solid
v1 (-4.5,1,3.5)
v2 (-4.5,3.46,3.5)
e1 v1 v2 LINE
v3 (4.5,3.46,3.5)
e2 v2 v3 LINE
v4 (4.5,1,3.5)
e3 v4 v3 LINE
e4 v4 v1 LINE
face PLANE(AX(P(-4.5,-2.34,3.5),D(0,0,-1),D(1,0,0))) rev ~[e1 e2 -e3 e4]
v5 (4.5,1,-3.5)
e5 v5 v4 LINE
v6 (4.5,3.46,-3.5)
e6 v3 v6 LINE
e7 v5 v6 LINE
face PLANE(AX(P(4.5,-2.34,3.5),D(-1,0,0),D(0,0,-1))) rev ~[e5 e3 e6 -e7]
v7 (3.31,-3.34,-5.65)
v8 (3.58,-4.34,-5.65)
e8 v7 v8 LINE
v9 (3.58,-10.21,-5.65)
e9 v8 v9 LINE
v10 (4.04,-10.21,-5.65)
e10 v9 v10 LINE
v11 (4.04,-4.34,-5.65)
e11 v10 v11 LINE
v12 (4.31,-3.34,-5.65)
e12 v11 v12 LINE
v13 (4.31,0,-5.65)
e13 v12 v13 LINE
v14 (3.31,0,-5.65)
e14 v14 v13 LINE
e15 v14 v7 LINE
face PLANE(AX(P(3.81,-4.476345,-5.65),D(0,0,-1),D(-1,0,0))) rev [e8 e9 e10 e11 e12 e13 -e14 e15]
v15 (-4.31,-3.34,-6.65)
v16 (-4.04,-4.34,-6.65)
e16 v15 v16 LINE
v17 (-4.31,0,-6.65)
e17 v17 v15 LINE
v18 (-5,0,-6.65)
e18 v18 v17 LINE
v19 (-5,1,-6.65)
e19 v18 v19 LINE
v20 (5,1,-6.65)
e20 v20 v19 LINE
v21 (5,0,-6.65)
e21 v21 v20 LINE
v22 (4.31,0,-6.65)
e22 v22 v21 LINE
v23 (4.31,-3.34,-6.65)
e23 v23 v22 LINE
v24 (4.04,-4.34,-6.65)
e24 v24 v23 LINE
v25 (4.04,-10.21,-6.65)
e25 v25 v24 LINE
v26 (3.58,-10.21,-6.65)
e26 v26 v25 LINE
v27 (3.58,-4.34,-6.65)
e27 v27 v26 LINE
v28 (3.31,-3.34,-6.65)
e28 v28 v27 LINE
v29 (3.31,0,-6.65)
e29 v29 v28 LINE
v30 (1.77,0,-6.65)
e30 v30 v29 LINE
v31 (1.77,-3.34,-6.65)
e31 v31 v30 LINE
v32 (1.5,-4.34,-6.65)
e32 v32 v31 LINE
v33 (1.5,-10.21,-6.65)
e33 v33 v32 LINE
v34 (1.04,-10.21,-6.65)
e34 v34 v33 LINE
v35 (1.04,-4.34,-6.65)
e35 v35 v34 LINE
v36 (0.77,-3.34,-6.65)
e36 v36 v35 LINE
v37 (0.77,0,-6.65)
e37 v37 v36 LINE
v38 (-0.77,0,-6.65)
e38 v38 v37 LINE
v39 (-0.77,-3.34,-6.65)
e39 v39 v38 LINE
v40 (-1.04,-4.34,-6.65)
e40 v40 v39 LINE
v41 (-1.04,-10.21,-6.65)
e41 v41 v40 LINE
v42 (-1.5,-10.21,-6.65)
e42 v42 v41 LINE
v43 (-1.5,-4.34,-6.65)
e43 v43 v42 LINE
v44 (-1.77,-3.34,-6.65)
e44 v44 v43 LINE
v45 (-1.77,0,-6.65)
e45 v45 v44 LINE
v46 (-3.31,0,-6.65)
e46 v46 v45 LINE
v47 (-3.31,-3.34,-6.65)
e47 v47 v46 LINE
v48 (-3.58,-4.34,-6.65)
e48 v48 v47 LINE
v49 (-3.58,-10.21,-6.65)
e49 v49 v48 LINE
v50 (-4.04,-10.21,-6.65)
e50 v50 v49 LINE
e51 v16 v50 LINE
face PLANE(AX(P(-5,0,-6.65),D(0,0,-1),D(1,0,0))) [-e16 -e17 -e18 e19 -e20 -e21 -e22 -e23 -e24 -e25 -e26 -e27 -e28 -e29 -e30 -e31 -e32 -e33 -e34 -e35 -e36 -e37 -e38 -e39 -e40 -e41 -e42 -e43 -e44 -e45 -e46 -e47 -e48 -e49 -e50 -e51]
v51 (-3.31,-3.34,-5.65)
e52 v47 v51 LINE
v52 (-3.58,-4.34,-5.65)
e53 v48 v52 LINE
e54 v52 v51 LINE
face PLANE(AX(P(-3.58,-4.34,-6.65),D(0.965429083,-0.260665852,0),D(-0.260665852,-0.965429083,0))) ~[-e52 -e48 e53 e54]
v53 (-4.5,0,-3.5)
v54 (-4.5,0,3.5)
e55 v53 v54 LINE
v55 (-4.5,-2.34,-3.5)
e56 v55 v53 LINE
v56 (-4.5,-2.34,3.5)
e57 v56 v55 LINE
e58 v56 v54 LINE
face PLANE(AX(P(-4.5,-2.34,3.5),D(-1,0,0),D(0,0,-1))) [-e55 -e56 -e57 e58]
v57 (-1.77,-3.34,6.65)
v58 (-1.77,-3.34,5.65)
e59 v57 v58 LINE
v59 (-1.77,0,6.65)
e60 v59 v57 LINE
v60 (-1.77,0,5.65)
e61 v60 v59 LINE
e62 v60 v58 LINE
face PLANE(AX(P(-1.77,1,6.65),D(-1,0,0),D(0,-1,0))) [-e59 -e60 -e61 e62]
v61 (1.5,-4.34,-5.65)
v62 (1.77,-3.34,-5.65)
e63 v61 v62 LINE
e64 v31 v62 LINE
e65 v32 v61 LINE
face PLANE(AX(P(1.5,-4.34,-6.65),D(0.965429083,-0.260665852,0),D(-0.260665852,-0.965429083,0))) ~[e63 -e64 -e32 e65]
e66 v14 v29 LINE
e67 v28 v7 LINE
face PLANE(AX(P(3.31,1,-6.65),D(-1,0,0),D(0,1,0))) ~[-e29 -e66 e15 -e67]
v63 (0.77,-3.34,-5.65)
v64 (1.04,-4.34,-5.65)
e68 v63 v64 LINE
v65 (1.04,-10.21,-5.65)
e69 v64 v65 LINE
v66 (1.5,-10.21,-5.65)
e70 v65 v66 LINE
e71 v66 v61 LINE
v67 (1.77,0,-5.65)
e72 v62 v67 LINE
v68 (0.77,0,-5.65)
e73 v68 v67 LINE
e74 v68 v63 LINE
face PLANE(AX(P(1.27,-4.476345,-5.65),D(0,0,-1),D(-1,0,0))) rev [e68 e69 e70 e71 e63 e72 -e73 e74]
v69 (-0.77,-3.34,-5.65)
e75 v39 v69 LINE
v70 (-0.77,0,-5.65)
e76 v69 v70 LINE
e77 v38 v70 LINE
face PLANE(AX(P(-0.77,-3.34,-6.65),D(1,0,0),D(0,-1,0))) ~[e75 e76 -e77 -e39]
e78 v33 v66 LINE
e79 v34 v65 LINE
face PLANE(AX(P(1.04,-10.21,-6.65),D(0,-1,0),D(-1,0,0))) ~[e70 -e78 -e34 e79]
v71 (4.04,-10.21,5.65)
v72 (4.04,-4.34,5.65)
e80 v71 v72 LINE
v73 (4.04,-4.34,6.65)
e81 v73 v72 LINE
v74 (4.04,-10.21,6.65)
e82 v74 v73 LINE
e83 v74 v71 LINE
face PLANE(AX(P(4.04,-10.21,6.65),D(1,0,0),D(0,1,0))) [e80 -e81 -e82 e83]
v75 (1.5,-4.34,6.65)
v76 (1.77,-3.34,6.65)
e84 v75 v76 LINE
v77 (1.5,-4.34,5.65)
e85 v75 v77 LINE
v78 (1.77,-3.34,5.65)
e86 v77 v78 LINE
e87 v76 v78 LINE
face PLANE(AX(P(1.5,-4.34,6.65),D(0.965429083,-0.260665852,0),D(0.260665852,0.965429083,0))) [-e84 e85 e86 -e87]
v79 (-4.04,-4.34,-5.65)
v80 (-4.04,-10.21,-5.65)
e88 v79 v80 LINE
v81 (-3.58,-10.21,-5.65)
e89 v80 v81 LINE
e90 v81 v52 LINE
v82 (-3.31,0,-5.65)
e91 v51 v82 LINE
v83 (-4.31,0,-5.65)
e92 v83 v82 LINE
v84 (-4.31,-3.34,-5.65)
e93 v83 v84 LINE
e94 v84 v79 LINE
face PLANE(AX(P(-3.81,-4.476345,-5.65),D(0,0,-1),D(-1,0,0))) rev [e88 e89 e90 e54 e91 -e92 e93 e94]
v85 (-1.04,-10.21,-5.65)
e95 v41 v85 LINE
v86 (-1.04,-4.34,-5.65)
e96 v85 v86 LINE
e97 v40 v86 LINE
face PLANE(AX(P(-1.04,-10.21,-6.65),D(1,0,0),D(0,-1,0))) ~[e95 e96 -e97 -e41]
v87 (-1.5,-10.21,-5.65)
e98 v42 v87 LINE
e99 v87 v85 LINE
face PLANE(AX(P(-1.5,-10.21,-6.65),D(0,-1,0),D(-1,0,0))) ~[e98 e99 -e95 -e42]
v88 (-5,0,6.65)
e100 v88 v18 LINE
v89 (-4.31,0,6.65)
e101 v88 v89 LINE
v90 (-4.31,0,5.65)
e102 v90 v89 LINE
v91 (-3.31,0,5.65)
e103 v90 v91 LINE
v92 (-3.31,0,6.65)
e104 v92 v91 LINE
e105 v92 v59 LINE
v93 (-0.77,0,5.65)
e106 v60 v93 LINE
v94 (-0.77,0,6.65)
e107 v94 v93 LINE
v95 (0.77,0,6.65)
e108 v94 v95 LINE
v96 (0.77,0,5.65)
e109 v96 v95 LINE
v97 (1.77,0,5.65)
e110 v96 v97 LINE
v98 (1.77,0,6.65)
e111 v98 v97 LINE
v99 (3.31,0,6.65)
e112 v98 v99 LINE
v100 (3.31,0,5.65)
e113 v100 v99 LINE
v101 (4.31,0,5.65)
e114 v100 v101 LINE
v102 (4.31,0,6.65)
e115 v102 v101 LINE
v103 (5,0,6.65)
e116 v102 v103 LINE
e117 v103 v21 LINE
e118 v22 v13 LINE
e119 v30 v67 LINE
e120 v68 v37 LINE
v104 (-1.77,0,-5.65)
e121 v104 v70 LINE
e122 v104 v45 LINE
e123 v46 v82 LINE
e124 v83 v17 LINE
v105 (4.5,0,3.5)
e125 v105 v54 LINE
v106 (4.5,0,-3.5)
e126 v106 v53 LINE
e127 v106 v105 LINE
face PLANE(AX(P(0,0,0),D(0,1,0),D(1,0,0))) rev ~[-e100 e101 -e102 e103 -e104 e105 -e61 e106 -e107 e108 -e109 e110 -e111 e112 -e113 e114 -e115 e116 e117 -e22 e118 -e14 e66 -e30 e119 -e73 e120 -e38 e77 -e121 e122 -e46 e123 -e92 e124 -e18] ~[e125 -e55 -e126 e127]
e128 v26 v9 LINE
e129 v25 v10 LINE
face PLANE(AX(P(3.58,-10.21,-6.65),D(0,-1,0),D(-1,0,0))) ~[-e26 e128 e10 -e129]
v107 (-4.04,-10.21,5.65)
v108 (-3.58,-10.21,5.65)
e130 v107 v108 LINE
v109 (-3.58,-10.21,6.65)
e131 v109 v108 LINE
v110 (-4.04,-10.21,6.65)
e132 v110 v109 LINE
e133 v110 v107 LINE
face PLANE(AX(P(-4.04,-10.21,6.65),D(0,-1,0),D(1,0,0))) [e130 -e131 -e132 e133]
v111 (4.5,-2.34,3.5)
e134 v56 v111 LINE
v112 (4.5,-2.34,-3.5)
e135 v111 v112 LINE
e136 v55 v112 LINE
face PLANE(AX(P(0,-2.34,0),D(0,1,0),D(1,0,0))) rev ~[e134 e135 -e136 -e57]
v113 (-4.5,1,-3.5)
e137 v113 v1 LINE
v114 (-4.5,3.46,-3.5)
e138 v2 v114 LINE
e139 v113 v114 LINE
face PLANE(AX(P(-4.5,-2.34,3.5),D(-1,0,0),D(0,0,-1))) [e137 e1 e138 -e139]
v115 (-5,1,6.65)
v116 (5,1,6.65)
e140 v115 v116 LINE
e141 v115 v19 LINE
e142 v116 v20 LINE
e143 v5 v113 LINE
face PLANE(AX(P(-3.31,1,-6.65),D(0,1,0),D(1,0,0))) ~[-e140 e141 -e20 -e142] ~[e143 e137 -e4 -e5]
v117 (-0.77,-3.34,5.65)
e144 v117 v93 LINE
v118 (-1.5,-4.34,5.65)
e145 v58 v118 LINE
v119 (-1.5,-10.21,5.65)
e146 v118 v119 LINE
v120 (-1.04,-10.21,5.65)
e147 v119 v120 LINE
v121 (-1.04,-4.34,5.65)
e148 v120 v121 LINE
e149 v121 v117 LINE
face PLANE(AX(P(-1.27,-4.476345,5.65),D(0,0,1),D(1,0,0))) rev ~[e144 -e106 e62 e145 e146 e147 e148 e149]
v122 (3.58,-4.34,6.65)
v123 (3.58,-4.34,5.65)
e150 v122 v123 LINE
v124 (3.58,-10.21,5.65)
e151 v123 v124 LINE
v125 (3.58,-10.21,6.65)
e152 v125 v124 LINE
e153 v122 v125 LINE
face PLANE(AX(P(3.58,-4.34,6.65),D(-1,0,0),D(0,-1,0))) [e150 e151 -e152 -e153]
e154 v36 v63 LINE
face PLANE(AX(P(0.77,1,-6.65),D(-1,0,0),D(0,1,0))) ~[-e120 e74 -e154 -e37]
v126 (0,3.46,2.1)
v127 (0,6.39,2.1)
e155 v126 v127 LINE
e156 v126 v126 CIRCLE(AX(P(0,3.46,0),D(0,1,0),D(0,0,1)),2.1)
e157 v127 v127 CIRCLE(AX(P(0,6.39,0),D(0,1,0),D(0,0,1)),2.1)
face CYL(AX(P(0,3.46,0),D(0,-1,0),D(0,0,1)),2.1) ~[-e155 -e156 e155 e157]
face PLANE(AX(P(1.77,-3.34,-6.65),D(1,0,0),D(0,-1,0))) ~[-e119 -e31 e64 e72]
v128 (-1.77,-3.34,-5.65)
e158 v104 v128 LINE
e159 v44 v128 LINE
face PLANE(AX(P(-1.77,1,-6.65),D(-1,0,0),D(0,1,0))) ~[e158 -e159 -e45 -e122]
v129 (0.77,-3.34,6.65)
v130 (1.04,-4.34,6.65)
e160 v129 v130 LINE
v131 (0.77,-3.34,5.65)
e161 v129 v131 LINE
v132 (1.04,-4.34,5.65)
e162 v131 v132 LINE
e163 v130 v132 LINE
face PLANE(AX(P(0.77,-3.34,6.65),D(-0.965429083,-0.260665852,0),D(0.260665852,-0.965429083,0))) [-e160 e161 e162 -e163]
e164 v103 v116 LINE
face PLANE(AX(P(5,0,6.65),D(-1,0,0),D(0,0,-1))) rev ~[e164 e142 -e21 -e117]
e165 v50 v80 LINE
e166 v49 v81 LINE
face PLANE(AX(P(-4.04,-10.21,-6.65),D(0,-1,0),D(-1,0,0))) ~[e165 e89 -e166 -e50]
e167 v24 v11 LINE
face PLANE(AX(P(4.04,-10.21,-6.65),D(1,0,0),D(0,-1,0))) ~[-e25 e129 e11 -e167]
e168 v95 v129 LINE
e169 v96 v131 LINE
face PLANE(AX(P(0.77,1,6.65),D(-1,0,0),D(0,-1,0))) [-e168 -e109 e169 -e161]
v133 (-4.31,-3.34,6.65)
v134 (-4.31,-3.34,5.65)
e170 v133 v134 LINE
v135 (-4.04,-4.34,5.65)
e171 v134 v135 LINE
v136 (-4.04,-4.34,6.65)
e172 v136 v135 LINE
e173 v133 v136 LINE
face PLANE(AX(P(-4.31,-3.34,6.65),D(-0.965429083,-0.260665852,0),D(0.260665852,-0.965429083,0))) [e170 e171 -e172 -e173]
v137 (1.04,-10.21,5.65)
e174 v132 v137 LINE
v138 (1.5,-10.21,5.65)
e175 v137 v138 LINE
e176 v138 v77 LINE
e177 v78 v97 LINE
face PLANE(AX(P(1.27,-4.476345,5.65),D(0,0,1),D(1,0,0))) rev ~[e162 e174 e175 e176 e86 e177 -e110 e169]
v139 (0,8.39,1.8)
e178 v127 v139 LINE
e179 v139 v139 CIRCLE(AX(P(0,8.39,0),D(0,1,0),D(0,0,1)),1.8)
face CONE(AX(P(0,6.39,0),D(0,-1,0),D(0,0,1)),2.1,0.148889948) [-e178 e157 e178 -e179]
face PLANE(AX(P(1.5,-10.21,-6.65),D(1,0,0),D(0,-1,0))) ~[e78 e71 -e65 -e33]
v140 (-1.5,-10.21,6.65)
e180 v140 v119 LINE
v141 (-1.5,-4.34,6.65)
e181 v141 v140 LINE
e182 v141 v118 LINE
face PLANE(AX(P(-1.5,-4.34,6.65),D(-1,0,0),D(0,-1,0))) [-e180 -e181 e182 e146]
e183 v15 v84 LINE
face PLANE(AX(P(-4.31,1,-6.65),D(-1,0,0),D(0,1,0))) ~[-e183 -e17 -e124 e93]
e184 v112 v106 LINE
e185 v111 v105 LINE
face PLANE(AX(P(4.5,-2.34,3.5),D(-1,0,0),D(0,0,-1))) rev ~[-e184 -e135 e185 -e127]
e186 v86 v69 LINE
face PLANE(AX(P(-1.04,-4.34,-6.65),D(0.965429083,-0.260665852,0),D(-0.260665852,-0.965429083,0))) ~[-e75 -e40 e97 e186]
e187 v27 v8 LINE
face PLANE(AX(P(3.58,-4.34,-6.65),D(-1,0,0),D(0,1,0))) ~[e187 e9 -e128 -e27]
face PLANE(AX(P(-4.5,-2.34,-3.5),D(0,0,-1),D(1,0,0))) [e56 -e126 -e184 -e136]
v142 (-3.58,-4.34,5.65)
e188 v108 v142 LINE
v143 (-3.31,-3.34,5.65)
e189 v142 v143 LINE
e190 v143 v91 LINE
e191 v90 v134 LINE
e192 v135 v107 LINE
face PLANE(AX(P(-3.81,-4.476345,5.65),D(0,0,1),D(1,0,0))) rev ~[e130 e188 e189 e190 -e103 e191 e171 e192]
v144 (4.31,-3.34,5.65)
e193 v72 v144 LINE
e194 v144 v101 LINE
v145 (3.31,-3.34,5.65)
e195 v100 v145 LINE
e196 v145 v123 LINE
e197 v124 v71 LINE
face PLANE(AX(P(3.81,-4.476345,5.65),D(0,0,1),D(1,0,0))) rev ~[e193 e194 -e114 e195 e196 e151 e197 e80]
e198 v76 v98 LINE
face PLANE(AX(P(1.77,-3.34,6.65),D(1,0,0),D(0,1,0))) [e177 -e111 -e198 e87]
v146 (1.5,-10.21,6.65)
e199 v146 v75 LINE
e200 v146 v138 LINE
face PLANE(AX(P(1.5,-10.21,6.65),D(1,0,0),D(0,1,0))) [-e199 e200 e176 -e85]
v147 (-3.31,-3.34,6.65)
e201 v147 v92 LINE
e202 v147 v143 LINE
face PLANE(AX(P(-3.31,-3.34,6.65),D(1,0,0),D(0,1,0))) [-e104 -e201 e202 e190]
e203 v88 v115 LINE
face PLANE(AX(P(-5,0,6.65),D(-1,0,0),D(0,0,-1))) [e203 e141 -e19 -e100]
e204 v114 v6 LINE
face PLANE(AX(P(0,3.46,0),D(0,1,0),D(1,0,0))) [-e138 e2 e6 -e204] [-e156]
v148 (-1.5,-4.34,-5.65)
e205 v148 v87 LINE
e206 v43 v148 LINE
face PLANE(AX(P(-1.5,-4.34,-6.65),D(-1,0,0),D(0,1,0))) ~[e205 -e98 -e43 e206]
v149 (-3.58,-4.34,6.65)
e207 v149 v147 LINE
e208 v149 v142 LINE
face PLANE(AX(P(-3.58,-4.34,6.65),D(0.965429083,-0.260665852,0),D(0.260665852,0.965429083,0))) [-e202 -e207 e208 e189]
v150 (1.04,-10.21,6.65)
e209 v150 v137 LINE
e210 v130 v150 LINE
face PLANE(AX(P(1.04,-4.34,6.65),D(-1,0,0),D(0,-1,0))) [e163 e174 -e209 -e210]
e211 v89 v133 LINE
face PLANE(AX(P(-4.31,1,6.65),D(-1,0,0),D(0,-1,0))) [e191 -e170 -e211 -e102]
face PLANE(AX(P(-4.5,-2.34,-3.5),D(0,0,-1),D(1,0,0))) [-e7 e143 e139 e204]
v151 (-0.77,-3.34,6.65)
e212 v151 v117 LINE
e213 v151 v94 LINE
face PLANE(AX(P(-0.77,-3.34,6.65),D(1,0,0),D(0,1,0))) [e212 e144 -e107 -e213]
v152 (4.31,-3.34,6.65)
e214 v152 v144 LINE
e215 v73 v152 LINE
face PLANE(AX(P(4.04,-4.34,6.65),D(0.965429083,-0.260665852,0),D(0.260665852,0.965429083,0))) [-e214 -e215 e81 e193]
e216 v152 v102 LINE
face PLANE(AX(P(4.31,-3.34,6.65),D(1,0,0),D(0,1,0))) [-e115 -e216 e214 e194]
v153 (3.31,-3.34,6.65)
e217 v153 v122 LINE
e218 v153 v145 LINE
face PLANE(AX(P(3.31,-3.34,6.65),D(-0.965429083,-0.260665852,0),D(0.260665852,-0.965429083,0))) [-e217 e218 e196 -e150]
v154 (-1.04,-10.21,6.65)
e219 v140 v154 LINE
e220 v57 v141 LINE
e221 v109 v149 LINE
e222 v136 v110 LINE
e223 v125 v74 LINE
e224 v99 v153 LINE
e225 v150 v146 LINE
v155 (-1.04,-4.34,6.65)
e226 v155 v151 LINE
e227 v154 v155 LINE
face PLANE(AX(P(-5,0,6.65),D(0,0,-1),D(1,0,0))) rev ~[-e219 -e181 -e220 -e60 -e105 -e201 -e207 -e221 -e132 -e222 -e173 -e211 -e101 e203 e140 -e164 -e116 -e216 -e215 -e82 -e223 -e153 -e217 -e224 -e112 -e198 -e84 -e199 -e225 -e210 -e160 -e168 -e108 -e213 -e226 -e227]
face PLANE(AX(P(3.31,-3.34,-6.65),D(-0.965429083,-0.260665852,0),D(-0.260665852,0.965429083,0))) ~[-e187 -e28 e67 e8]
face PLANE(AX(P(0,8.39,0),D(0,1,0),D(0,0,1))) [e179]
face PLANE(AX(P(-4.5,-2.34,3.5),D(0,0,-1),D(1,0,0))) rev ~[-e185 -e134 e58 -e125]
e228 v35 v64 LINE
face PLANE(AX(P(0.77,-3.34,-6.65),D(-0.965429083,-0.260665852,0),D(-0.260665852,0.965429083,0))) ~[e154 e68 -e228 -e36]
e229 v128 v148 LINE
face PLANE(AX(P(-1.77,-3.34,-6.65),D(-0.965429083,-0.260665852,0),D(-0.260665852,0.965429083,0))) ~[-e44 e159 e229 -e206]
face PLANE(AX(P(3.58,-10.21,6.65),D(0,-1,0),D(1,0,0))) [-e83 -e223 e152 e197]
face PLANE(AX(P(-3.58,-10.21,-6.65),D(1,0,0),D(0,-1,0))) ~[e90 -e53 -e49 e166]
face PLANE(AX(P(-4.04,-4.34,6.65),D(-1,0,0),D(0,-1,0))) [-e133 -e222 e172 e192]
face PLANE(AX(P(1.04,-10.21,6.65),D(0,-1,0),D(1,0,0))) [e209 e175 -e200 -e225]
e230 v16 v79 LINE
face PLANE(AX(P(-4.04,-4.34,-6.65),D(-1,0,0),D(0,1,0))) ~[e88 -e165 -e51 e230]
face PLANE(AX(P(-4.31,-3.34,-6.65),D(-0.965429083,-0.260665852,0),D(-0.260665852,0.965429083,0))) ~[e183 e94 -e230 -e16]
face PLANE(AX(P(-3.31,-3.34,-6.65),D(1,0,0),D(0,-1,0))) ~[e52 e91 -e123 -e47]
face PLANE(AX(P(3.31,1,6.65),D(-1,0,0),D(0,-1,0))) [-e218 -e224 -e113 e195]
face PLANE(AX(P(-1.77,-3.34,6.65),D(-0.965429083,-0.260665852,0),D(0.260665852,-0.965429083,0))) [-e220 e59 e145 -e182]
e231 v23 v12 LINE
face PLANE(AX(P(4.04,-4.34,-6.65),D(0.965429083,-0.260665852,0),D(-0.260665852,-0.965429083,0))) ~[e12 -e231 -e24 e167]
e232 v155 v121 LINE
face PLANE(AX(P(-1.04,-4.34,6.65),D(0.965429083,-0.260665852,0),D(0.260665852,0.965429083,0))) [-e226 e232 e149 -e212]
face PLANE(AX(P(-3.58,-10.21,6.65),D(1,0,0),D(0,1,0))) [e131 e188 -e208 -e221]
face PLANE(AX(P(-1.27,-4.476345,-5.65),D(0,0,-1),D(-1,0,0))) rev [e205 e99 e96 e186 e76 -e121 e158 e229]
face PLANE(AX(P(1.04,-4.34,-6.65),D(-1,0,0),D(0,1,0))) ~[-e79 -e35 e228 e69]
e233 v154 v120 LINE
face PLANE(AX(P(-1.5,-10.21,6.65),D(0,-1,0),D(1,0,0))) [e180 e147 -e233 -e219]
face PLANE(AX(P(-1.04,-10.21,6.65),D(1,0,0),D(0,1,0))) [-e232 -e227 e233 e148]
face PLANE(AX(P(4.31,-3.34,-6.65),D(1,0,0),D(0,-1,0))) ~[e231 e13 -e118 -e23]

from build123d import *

# Parameters (mm, degrees)
SKETCH1_W                = 10
SKETCH1_H                = 13.3
BOSS_EXTRUDE1_DEPTH      = 1
BOSS_EXTRUDE2_DEPTH      = 2.46
BOSS_EXTRUDE2_DEPTH_BACK = 3.34
SKETCH2_W                = 9
SKETCH2_H                = 7
SKETCH3_R                = 2.1
BOSS_EXTRUDE3_DEPTH      = 4.93
CHAMFER1_SIZE            = 2
CHAMFER1_SIZE2           = 0.3
BOSS_EXTRUDE4_DEPTH      = 1


with BuildPart() as part:
    # Sketch1 → Boss-Extrude1 (new body)
    with BuildSketch(Plane(origin=(0, 0, 0), x_dir=(1, 0, 0), z_dir=(0, 1, 0))):
        Rectangle(SKETCH1_W, SKETCH1_H)
    extrude(amount=BOSS_EXTRUDE1_DEPTH)

    # Sketch2 → Boss-Extrude2 (add, two sides: drawn at the far end of the back side and taken through both)
    with BuildSketch(Plane(origin=(0, 1, 0), x_dir=(1, 0, 0), z_dir=(0, 1, 0)).offset(-BOSS_EXTRUDE2_DEPTH_BACK)):
        Rectangle(SKETCH2_W, SKETCH2_H)
    extrude(amount=BOSS_EXTRUDE2_DEPTH + BOSS_EXTRUDE2_DEPTH_BACK)

    # Sketch3 → Boss-Extrude3 (add)
    with BuildSketch(Plane(origin=(0, 3.46, 0), x_dir=(1, 0, 0), z_dir=(0, 1, 0))):
        with Locations(Location((0, 0, 0), (0, 0, 270))):
            Circle(SKETCH3_R)
    extrude(amount=BOSS_EXTRUDE3_DEPTH)

    # Chamfer1
    chamfer1_edges = [part.edges().sort_by_distance(p)[0] for p in [
        (0, 8.39, -2.1),
    ]]
    chamfer1_side = [part.faces().sort_by_distance(p)[0] for p in [
        (0, 5.925, -2.1),
    ]]
    chamfer(chamfer1_edges, length=CHAMFER1_SIZE, length2=CHAMFER1_SIZE2, reference=chamfer1_side[0])

    # Sketch5 → Boss-Extrude4 (add)
    with BuildSketch(Plane.XY.offset(6.65)):
        Polygon((-4.31, 1), (-4.31, -3.34), (-4.04, -4.34), (-4.04, -10.21), (-3.58, -10.21), (-3.58, -4.34), (-3.31, -3.34), (-3.31, 1), align=None)
        Polygon((-1.77, 1), (-1.77, -3.34), (-1.5, -4.34), (-1.5, -10.21), (-1.04, -10.21), (-1.04, -4.34), (-0.77, -3.34), (-0.77, 1), align=None)
        Polygon((0.77, 1), (0.77, -3.34), (1.04, -4.34), (1.04, -10.21), (1.5, -10.21), (1.5, -4.34), (1.77, -3.34), (1.77, 1), align=None)
        Polygon((3.31, 1), (3.31, -3.34), (3.58, -4.34), (3.58, -10.21), (4.04, -10.21), (4.04, -4.34), (4.31, -3.34), (4.31, 1), align=None)
    boss_extrude4 = extrude(amount=-BOSS_EXTRUDE4_DEPTH)

    # Mirror1: Boss-Extrude4 across plane
    add(boss_extrude4.mirror(Plane.XY))


solid = part.part
